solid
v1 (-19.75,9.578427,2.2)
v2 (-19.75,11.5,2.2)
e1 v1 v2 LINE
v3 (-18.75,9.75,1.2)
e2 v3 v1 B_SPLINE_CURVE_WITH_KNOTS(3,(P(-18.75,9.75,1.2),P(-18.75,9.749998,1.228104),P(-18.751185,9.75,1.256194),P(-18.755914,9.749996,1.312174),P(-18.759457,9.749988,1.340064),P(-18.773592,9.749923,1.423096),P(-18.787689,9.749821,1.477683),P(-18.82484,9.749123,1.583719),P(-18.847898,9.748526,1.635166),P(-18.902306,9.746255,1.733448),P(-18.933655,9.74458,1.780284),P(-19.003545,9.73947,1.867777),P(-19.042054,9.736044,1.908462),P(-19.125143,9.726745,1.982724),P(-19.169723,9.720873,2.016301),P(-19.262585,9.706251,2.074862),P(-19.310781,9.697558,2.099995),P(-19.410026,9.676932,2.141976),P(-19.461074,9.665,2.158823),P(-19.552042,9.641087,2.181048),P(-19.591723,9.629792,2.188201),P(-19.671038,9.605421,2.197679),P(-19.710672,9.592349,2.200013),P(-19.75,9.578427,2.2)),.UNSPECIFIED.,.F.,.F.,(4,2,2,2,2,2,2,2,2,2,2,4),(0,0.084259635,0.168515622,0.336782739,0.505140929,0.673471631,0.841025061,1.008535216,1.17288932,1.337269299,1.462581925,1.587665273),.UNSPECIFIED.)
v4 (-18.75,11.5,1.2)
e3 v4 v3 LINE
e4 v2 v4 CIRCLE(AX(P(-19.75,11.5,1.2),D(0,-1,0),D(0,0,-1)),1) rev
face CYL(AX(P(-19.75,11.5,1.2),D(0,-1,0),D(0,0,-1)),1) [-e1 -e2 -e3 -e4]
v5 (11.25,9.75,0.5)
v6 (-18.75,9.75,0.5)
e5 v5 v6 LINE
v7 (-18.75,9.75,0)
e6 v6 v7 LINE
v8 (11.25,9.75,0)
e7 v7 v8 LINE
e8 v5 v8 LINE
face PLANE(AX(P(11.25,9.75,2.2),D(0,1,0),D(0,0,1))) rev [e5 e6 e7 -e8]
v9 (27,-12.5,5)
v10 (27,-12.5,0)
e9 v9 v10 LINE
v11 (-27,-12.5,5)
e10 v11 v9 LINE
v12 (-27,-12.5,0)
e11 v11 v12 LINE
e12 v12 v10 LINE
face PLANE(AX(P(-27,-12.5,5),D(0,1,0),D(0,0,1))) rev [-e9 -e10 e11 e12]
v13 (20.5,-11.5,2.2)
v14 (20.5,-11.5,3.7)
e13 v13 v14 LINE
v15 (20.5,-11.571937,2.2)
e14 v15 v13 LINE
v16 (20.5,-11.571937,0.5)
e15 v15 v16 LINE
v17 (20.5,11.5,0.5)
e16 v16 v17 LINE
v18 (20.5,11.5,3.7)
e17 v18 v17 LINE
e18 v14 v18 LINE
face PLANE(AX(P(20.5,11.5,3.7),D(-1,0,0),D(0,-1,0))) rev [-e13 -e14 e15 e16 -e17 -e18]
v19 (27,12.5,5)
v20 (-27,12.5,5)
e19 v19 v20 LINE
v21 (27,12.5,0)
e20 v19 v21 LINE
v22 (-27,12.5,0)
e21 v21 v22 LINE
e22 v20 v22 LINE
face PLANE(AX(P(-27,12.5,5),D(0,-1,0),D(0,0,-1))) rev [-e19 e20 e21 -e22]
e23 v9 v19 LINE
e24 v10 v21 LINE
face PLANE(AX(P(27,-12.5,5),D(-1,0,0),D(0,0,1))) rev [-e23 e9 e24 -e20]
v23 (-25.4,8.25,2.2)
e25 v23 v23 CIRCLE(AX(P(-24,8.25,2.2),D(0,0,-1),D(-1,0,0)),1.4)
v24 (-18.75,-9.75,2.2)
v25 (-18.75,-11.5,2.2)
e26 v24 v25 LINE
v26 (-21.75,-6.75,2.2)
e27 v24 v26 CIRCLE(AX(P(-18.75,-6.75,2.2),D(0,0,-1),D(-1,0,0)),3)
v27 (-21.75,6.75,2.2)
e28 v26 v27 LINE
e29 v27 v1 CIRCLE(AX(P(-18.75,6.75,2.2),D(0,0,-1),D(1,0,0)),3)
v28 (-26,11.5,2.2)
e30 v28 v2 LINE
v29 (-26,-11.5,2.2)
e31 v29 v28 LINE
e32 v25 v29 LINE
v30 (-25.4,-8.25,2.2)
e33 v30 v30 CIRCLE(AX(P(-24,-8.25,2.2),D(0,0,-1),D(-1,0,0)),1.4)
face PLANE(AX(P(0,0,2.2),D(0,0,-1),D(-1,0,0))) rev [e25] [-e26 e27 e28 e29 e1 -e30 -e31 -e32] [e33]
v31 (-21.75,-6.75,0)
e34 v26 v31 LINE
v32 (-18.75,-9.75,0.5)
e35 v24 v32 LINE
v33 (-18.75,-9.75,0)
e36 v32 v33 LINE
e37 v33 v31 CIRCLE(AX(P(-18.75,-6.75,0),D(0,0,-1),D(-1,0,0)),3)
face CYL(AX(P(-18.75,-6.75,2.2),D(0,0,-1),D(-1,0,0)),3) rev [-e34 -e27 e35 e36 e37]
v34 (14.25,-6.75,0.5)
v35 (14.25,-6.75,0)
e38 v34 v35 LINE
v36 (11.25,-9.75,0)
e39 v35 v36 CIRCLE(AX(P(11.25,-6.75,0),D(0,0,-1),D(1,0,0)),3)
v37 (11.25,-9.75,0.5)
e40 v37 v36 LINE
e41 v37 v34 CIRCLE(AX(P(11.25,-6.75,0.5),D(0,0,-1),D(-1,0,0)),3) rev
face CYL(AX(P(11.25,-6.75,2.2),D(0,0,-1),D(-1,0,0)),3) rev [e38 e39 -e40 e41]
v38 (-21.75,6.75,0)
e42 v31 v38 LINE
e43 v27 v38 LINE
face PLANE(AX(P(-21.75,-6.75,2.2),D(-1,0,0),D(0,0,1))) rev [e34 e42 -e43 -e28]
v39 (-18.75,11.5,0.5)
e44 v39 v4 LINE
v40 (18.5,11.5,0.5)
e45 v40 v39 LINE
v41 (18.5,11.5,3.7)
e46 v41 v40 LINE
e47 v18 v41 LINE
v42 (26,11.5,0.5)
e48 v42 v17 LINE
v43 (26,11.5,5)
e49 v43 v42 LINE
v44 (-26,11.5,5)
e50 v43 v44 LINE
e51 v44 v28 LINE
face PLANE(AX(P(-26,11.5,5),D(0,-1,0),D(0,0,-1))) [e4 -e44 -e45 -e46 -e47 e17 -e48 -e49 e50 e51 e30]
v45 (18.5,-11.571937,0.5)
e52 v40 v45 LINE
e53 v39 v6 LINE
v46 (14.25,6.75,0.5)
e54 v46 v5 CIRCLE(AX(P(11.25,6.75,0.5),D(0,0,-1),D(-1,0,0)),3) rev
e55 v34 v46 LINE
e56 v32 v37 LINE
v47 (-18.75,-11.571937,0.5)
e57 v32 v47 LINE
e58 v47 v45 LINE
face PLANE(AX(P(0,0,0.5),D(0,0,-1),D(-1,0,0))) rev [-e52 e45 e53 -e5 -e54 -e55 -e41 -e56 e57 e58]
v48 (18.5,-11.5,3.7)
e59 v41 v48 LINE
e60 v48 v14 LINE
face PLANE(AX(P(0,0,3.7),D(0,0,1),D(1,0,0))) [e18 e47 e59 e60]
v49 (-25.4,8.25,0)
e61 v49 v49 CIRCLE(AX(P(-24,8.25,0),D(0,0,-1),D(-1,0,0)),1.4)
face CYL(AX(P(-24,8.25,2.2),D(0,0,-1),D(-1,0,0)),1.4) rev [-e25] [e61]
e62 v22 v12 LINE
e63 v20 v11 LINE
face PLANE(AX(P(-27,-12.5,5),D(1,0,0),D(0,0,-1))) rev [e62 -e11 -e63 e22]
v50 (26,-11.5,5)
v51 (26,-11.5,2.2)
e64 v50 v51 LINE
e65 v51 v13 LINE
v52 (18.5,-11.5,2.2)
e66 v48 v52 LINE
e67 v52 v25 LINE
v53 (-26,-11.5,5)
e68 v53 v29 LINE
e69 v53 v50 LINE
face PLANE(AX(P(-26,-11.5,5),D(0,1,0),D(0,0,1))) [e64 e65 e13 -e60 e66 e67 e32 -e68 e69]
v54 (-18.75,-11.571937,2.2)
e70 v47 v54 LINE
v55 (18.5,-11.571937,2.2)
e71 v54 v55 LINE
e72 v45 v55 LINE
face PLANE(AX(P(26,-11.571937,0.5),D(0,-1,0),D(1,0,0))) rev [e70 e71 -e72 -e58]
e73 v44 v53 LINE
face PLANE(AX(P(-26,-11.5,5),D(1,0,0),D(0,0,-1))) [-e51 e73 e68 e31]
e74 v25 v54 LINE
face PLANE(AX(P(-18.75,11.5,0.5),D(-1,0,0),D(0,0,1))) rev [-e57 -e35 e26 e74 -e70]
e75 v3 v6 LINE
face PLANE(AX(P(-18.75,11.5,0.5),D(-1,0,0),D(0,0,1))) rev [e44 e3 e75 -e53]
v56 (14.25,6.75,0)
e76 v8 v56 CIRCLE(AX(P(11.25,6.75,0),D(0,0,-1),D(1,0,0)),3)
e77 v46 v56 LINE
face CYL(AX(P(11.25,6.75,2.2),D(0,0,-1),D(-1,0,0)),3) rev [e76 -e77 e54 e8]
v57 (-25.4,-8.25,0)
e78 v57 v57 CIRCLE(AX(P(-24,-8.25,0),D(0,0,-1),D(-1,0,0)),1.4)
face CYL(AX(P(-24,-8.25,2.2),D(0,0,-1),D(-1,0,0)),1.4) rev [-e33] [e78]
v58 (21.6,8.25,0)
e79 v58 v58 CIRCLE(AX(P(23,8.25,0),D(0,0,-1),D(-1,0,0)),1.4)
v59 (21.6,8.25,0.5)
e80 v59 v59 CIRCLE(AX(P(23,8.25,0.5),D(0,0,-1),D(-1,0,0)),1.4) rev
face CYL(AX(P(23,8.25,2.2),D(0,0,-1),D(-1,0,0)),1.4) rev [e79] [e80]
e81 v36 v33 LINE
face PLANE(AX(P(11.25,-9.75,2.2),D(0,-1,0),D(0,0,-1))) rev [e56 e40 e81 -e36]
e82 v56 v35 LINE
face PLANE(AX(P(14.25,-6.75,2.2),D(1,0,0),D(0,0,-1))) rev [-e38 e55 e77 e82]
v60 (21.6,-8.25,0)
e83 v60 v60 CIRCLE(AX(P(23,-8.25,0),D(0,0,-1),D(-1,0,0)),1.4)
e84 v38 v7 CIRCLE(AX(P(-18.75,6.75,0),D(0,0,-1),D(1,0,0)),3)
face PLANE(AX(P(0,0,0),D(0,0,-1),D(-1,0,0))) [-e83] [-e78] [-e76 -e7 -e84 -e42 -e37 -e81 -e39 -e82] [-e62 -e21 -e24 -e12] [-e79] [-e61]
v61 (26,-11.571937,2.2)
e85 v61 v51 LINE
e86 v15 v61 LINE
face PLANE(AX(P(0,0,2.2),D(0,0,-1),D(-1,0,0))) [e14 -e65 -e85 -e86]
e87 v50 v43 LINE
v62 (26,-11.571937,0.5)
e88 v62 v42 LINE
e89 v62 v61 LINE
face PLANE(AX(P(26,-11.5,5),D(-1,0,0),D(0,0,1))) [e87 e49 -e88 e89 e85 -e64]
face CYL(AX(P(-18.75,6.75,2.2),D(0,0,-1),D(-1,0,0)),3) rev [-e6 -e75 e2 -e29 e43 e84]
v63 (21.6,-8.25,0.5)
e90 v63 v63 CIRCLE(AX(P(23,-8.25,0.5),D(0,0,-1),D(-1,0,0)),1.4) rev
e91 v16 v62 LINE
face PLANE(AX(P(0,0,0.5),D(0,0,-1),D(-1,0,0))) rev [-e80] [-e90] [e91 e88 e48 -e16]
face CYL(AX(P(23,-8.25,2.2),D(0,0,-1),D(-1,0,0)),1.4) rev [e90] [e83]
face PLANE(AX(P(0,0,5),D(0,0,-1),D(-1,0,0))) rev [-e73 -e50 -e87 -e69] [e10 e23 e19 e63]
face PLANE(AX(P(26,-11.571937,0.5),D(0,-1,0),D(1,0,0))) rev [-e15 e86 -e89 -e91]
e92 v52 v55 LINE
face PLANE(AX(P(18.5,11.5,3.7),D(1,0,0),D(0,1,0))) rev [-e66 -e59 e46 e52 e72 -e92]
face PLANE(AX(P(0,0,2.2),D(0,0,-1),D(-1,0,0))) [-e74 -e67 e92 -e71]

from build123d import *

# Parameters (mm, degrees)
SKETCH1_W           = 54
SKETCH1_H           = 25
SKETCH1_W_2         = 52
SKETCH1_H_2         = 23
BOSS_EXTRUDE1_DEPTH = 5
SKETCH2_W           = 54
SKETCH2_H           = 25
SKETCH2_R           = 1.4
BOSS_EXTRUDE2_DEPTH = 2.2
SKETCH3_W           = 44.75
SKETCH3_H           = 23.07193706
CUT_EXTRUDE1_DEPTH  = 1.7
FILLET1_R           = 1
SKETCH5_W           = 2
SKETCH5_H           = 23.07193706
BOSS_EXTRUDE3_DEPTH = 3.2


with BuildPart() as part:
    # Sketch1 → Boss-Extrude1 (new body)
    with BuildSketch(Plane.XY):
        Rectangle(SKETCH1_W, SKETCH1_H)
        Rectangle(SKETCH1_W_2, SKETCH1_H_2, mode=Mode.SUBTRACT)
    extrude(amount=BOSS_EXTRUDE1_DEPTH)

    # Sketch2 → Boss-Extrude2 (add)
    with BuildSketch(Plane(origin=(0, 0, 0), x_dir=(-1, 0, 0), z_dir=(0, 0, -1))):
        Rectangle(SKETCH2_W, SKETCH2_H)
        with Locations((24, 8.25)):
            Circle(SKETCH2_R, mode=Mode.SUBTRACT)
        with Locations((24, -8.25)):
            Circle(SKETCH2_R, mode=Mode.SUBTRACT)
        with Locations((-23, 8.25)):
            Circle(SKETCH2_R, mode=Mode.SUBTRACT)
        with Locations((-23, -8.25)):
            Circle(SKETCH2_R, mode=Mode.SUBTRACT)
        with BuildLine():
            Line((-11.25, -9.75), (18.75, -9.75))
            ThreePointArc((18.75, -9.75), (20.871320344, -8.871320344), (21.75, -6.75))
            Line((21.75, -6.75), (21.75, 6.75))
            ThreePointArc((21.75, 6.75), (20.871320344, 8.871320344), (18.75, 9.75))
            Line((18.75, 9.75), (-11.25, 9.75))
            ThreePointArc((-11.25, 9.75), (-13.371320344, 8.871320344), (-14.25, 6.75))
            Line((-14.25, 6.75), (-14.25, -6.75))
            ThreePointArc((-14.25, -6.75), (-13.371320344, -8.871320344), (-11.25, -9.75))
        make_face(mode=Mode.SUBTRACT)
    extrude(amount=-BOSS_EXTRUDE2_DEPTH)

    # Sketch3 → Cut-Extrude1 (cut)
    with BuildSketch(Plane.XY.offset(2.2)):
        with Locations((3.625, -0.03596853)):
            Rectangle(SKETCH3_W, SKETCH3_H)
    extrude(amount=-CUT_EXTRUDE1_DEPTH, mode=Mode.SUBTRACT)

    # Fillet1
    fillet1_edges = [part.edges().sort_by_distance(p)[0] for p in [
        (-18.75, 10.625, 2.2),
    ]]
    fillet(fillet1_edges, radius=FILLET1_R)

    # Sketch5 → Boss-Extrude3 (add)
    with BuildSketch(Plane.XY.offset(0.5)):
        with Locations((19.5, -0.03596853)):
            Rectangle(SKETCH5_W, SKETCH5_H)
    extrude(amount=BOSS_EXTRUDE3_DEPTH)


solid = part.part
